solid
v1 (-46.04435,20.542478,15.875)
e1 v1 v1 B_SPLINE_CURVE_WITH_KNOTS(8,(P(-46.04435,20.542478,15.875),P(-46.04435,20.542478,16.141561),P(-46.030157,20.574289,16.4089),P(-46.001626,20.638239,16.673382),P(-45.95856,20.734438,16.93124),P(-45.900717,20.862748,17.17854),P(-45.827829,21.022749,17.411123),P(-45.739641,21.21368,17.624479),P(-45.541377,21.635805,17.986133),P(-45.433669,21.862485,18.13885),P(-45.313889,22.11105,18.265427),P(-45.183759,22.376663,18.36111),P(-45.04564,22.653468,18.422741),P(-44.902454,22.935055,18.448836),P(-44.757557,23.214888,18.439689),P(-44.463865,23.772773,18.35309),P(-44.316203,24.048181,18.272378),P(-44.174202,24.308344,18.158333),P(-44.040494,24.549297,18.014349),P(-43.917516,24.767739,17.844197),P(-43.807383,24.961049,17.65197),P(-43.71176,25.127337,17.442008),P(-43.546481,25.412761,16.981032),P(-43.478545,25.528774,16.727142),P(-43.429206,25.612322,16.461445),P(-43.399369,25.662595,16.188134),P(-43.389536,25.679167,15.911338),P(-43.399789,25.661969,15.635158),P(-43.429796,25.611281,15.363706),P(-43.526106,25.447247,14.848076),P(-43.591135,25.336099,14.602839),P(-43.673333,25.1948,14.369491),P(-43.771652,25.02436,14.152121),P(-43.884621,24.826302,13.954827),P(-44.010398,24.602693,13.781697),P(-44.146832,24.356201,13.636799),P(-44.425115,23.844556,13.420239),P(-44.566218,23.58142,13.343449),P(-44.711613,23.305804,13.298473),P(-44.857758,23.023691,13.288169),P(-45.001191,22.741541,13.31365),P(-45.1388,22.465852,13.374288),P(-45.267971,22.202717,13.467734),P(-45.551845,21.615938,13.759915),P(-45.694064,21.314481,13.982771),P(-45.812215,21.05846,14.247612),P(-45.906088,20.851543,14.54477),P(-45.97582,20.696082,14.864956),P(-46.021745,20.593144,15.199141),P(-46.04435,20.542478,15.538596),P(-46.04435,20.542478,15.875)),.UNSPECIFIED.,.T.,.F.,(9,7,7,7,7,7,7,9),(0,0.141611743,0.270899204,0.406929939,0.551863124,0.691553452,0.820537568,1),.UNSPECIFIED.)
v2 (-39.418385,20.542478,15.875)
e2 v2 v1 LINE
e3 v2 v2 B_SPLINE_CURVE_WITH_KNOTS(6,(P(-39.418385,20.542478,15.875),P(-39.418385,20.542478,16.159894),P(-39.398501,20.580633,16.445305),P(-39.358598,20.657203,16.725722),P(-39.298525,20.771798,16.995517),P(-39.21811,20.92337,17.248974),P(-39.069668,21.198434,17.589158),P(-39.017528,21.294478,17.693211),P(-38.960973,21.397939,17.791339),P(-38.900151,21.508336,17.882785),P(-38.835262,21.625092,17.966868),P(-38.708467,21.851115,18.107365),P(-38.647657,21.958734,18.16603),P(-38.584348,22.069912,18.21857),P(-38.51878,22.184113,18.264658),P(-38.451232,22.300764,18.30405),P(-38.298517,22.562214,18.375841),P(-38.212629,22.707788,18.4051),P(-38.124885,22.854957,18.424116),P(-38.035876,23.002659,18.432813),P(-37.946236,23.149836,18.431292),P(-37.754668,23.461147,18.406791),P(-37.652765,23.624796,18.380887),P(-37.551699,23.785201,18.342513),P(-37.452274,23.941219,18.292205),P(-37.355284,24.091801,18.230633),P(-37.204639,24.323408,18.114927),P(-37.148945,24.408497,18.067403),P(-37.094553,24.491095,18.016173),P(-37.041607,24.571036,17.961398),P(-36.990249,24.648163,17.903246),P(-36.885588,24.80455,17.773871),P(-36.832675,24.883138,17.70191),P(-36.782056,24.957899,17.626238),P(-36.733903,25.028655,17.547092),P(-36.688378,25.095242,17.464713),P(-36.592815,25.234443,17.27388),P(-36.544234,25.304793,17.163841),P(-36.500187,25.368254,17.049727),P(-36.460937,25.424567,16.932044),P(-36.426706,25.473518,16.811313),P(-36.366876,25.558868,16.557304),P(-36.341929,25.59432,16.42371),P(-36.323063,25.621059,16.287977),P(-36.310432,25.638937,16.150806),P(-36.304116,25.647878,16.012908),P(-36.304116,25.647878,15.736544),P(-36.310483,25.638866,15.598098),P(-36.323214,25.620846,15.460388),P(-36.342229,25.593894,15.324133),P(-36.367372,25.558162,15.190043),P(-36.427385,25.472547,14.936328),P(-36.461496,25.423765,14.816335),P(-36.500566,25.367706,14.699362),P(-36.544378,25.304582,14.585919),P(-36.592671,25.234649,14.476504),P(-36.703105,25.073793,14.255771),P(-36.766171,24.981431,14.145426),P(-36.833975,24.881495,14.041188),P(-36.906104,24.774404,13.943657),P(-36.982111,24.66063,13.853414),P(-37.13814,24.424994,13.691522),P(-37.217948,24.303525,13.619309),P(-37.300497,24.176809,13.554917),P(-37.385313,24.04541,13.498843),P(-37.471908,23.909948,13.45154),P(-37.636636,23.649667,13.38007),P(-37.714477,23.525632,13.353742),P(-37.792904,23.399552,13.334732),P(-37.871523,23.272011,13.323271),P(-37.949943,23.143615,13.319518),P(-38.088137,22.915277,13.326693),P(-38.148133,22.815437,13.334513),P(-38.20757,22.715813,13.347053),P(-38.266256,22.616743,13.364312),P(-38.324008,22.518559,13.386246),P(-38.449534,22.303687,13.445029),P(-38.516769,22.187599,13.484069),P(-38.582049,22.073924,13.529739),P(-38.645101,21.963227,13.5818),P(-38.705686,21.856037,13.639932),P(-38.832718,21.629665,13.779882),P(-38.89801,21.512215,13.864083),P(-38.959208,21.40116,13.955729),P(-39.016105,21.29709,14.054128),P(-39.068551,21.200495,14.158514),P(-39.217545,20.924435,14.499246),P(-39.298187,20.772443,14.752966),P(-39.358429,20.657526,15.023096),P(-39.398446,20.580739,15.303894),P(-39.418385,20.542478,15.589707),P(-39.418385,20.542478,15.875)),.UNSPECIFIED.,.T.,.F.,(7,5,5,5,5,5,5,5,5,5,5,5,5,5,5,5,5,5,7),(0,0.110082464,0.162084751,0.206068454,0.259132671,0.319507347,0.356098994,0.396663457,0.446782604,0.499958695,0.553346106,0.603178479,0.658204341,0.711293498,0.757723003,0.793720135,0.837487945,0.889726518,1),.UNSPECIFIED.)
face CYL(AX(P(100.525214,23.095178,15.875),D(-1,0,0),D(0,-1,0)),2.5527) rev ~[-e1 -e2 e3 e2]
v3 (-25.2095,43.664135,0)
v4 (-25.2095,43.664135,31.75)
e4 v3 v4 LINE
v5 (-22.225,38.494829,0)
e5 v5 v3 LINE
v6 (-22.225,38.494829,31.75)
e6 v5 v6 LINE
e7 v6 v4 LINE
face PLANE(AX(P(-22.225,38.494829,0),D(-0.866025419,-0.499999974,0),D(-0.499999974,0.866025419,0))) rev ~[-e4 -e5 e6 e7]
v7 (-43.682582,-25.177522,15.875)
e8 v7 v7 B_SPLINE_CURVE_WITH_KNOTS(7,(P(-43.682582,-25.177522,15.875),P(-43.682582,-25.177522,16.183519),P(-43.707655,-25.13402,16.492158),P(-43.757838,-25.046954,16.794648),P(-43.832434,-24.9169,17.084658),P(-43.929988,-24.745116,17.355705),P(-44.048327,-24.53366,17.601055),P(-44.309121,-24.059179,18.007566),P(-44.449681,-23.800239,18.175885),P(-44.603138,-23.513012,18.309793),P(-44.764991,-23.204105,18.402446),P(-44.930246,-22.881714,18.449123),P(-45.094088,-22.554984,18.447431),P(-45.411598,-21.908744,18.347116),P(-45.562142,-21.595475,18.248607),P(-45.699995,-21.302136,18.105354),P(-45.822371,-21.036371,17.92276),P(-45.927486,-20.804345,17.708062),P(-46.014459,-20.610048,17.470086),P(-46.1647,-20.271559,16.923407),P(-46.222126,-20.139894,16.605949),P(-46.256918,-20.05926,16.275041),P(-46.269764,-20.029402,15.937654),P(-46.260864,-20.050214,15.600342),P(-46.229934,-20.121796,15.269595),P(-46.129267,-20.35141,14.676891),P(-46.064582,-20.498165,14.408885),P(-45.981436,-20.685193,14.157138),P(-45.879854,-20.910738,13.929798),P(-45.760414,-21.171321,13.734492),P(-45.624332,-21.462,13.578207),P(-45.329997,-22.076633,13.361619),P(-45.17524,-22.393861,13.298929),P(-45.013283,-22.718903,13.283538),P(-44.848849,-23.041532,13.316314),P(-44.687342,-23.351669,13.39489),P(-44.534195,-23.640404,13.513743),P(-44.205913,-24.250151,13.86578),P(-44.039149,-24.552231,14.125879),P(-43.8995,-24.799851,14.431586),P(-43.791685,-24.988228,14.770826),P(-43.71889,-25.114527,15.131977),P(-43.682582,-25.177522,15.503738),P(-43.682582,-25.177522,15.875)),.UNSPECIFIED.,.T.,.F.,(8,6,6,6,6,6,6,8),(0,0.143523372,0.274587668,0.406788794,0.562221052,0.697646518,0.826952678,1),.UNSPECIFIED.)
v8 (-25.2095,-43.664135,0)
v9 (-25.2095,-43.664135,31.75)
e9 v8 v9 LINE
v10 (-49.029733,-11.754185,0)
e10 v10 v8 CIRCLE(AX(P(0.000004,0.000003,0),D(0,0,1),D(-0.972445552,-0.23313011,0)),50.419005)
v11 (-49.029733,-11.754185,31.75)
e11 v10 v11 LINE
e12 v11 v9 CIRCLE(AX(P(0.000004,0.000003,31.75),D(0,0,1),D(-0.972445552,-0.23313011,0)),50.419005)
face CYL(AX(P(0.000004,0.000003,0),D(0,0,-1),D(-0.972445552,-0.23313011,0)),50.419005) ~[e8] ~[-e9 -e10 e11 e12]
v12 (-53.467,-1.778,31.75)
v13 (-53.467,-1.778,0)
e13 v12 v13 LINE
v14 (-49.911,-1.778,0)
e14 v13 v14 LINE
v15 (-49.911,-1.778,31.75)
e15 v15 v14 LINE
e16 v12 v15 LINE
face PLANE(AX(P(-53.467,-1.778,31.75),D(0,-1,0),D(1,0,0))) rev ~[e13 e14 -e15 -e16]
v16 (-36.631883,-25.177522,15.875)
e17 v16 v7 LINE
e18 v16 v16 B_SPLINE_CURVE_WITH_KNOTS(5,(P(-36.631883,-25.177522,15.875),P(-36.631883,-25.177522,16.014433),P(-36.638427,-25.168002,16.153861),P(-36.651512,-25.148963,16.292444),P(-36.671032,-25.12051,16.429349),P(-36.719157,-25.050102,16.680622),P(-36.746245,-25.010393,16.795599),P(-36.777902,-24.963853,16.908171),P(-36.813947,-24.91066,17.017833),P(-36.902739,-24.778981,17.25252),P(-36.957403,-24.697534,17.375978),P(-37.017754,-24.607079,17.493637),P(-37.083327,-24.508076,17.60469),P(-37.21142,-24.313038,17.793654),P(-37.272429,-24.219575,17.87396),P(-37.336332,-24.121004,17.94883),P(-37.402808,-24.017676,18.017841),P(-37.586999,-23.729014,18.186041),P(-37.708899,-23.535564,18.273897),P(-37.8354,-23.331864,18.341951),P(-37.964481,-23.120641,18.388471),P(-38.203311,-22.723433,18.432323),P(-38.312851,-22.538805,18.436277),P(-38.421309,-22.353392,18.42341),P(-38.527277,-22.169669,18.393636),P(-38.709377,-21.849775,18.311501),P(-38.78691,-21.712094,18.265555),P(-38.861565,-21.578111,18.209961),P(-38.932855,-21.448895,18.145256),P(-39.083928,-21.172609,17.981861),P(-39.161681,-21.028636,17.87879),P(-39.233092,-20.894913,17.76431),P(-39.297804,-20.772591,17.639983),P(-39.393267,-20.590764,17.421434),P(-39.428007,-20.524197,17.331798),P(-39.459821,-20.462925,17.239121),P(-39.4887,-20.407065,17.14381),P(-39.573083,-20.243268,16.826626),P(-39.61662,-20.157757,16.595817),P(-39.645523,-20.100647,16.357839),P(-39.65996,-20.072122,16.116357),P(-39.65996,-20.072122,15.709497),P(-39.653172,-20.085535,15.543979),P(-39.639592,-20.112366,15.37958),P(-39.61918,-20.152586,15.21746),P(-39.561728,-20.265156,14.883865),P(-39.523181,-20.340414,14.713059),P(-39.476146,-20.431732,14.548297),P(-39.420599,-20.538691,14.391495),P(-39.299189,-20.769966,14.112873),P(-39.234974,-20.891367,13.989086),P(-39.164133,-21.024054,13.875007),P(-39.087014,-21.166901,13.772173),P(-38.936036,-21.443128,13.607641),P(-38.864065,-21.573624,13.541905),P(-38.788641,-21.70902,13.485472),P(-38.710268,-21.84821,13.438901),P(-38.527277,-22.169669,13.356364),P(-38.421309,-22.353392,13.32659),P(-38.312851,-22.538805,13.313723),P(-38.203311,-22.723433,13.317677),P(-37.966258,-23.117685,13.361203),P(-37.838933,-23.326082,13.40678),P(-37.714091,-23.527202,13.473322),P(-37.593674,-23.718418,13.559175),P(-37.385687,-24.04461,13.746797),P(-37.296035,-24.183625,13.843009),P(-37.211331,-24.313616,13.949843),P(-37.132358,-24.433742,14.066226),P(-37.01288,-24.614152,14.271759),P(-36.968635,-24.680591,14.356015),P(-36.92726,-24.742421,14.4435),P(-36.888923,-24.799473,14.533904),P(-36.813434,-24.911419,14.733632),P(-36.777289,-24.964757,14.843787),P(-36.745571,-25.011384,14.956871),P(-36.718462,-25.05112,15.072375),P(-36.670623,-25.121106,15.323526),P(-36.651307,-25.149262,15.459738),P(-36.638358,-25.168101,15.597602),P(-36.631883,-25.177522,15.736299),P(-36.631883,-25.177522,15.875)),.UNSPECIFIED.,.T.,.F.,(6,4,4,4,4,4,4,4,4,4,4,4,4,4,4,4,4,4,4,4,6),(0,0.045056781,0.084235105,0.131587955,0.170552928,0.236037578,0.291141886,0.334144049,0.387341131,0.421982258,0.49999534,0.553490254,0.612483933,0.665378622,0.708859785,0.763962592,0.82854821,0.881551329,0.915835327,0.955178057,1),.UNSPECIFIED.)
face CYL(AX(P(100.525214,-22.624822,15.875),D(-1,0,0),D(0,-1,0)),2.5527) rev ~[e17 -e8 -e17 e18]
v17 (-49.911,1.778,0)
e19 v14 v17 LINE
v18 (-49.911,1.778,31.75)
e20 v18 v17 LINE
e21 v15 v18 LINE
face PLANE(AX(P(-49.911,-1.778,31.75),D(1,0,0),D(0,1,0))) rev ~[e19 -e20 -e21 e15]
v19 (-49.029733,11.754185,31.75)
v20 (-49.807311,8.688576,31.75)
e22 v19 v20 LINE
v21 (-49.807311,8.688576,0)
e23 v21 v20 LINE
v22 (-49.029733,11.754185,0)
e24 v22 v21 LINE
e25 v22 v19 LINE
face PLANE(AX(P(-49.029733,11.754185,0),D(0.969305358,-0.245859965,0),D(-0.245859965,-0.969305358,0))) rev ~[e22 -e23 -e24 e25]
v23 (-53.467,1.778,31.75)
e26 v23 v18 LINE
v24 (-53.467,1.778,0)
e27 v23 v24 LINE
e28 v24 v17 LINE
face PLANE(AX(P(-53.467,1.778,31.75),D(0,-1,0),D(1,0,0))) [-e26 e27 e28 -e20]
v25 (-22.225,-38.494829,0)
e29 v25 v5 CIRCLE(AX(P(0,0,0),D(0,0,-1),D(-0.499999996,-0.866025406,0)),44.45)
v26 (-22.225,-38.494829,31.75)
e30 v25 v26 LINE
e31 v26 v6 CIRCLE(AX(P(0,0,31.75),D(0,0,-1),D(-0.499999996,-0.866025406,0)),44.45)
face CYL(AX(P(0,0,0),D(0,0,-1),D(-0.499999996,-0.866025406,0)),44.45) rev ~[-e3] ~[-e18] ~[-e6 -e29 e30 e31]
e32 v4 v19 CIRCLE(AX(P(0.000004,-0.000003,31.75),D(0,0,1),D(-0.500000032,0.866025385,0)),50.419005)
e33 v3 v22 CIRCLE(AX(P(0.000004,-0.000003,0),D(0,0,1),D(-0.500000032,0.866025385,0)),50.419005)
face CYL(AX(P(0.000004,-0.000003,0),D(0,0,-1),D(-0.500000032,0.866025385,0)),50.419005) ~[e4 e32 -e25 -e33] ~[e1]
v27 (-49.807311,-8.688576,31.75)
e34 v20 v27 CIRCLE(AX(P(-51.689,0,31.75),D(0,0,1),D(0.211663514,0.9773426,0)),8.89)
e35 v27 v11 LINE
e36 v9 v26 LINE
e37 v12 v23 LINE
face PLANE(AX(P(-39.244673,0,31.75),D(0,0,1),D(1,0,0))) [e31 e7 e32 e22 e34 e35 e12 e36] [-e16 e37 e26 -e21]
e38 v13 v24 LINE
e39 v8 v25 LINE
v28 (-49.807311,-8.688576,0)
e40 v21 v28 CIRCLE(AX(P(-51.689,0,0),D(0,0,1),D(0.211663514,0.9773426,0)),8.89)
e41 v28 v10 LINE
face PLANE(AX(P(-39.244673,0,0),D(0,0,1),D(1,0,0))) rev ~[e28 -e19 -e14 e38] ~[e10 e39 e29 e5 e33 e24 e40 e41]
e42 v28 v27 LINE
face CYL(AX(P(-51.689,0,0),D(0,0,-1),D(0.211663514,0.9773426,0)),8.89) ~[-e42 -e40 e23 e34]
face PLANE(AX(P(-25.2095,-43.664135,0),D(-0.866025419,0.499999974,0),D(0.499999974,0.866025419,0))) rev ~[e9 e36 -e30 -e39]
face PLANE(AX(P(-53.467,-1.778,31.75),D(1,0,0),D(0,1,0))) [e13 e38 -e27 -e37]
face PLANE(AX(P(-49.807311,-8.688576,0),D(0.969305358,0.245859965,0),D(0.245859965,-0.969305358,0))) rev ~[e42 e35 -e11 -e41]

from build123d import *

# Parameters (mm, degrees)
F0_R     = 1.27
F1_DEPTH = 31.75
F2_W     = 3.556
F2_H     = 3.556
F2_R     = 1.27
F3_DEPTH = 31.75
F5_D     = 5.1054


with BuildPart() as f1:
    # F0 (on Top) → F1 (new body)
    with BuildSketch(Plane.XY):
        with BuildLine():
            ThreePointArc((-22.225, -38.494829), (-44.45, 0), (-22.225, 38.494829))
            Line((-22.225, 38.494829), (-25.2095, 43.664135))
            ThreePointArc((-25.2095, 43.664135), (-40.403306, 30.160378), (-49.029733, 11.754185))
            Line((-49.029733, 11.754185), (-49.807311, 8.688576))
            ThreePointArc((-49.807311, 8.688576), (-60.579, 0), (-49.807311, -8.688576))
            Line((-49.807311, -8.688576), (-49.029733, -11.754185))
            ThreePointArc((-49.029733, -11.754185), (-40.403306, -30.160378), (-25.2095, -43.664135))
            Line((-25.2095, -43.664135), (-22.225, -38.494829))
        make_face()
        with Locations((-51.689, 0)):
            Circle(F0_R, mode=Mode.SUBTRACT)
    extrude(amount=F1_DEPTH)

    # F2 (on face) → F3 (cut, through all)
    with BuildSketch(Plane.XY.offset(31.75)):
        with Locations((-51.689, 0)):
            Rectangle(F2_W, F2_H)
        with Locations((-51.689, 0)):
            Circle(F2_R, mode=Mode.SUBTRACT)
    extrude(amount=-F3_DEPTH, mode=Mode.SUBTRACT)

    # F5 (through all)
    with Locations(Plane.YZ):
        with Locations((-22.624822, 15.875), (23.095178, 15.875)):
            Hole(F5_D / 2)


solid = f1.part
